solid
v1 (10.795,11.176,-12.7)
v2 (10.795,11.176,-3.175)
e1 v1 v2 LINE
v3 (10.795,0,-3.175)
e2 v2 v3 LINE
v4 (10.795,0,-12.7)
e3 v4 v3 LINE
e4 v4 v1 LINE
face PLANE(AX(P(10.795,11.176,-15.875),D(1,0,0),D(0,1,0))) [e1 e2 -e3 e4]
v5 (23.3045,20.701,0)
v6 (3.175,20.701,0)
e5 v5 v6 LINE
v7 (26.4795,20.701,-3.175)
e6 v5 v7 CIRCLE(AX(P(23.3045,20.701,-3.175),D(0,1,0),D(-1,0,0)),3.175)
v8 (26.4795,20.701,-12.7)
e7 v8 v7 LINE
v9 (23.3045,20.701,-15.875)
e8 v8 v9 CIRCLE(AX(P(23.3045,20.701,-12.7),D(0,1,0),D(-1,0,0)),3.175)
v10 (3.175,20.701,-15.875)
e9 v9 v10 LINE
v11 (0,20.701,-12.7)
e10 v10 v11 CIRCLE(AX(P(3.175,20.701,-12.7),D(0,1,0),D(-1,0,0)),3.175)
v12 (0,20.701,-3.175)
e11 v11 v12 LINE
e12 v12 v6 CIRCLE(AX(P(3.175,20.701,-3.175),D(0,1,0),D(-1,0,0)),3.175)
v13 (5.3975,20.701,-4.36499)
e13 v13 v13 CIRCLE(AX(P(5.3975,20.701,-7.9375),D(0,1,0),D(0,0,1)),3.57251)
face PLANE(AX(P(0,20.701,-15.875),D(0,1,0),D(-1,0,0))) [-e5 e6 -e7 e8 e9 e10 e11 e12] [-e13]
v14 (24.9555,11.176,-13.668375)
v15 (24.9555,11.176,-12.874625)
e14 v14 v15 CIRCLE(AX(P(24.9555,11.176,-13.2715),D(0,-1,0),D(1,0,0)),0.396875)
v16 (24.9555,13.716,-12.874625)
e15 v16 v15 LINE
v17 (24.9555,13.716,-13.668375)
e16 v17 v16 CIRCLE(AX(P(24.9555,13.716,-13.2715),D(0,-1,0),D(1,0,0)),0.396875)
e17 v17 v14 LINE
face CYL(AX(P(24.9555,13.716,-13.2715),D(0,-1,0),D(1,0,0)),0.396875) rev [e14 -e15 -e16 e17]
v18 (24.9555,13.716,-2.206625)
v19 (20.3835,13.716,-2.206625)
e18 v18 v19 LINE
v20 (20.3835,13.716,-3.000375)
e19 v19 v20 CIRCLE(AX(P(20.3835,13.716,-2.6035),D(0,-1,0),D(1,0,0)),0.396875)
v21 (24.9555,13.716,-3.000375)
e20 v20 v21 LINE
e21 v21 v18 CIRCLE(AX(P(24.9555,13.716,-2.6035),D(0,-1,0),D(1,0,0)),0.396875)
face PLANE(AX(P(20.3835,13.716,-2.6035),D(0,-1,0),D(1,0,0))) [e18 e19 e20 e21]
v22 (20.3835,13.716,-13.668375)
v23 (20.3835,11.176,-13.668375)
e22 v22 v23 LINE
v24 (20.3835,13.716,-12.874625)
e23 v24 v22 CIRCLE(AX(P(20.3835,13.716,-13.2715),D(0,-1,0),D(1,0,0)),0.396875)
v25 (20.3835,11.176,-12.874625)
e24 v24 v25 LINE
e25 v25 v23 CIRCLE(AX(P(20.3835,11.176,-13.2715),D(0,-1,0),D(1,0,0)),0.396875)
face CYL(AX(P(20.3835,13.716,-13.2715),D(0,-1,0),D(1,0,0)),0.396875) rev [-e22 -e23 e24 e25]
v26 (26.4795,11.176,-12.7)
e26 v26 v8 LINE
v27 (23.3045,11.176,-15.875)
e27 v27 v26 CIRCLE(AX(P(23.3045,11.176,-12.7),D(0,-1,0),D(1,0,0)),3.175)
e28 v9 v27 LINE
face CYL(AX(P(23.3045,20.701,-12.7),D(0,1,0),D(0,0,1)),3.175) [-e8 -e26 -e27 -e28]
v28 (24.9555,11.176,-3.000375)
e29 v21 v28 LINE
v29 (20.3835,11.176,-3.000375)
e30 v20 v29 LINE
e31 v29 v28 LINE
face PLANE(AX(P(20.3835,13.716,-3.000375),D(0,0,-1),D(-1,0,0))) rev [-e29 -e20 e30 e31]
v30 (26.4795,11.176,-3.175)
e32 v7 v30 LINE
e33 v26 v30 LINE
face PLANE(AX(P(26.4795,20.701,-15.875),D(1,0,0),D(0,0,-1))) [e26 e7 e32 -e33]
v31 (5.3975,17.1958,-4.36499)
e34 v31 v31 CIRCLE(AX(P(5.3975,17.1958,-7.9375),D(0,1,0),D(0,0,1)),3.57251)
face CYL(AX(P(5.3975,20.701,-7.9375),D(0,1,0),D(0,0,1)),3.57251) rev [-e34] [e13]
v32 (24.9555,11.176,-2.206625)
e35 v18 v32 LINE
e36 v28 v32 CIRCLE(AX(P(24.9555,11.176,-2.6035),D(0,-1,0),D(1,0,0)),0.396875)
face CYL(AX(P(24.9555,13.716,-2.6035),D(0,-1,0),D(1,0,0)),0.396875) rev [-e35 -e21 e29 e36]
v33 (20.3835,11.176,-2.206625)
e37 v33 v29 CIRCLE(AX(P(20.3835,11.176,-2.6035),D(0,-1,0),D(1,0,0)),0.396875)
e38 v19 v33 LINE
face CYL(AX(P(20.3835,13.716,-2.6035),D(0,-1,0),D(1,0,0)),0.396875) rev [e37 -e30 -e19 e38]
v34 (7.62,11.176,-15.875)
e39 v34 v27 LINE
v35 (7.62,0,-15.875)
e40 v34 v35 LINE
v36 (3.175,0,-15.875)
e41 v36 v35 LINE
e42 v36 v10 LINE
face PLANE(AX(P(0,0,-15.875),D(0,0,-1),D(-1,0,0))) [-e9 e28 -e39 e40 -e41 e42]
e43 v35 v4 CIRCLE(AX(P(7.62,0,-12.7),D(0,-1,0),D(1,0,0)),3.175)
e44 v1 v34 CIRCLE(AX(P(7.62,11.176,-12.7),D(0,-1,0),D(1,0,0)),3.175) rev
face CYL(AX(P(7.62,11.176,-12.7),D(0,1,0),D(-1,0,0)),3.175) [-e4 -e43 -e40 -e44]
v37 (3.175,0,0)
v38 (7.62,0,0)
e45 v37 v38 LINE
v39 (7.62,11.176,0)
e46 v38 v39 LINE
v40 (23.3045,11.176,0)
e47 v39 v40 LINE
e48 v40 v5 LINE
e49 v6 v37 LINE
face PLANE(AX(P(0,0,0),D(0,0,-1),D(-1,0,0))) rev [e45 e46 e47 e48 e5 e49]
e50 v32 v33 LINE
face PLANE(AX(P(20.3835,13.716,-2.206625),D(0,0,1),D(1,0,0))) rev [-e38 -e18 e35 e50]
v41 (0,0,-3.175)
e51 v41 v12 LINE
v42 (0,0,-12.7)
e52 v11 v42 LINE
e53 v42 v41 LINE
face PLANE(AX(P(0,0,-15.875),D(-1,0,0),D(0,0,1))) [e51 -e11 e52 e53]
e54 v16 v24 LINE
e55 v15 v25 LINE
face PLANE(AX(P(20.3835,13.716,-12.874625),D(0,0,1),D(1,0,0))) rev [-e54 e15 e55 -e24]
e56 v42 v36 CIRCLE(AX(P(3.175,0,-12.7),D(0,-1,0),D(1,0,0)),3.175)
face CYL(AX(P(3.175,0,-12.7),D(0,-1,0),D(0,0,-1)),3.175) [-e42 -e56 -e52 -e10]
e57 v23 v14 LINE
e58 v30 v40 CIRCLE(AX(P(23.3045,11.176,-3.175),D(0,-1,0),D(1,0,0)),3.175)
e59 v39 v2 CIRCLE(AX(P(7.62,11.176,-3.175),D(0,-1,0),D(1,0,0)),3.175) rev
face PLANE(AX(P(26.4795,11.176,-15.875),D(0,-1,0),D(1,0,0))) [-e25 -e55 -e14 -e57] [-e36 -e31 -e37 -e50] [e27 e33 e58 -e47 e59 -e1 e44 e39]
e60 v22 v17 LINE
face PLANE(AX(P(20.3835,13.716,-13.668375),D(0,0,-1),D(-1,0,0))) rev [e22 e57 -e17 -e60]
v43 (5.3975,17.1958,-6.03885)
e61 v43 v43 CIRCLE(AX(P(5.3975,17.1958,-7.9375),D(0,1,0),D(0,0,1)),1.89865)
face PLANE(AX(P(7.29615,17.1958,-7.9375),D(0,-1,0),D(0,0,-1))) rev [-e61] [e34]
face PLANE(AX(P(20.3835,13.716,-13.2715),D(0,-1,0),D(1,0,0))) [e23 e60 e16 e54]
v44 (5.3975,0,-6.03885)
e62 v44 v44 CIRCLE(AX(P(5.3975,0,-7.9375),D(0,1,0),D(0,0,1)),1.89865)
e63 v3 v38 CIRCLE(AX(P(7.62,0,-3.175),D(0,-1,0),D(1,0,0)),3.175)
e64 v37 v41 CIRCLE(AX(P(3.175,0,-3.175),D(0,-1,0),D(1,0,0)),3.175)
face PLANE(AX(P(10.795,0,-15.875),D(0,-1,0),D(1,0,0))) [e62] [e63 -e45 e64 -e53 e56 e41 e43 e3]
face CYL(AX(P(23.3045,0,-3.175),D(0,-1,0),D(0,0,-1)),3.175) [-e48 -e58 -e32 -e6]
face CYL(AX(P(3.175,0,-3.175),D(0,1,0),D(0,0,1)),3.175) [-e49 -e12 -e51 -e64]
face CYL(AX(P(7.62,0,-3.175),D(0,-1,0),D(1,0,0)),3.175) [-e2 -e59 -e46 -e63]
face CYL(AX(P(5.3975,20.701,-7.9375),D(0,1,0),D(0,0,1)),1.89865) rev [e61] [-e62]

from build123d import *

# Parameters (mm, degrees)
BOSS_EXTRUDE1_DEPTH                            = 15.875
CBORE_FOR_6_SOCKET_HEAD_CAP_SCREW1_D           = 3.7973
CBORE_FOR_6_SOCKET_HEAD_CAP_SCREW1_CBORE_D     = 7.14502
CBORE_FOR_6_SOCKET_HEAD_CAP_SCREW1_CBORE_DEPTH = 3.5052
CUT_EXTRUDE2_DEPTH                             = 2.54
FILLET1_R                                      = 3.175


with BuildPart() as part:
    # Sketch1 → Boss-Extrude1 (new body)
    with BuildSketch(Plane.XY):
        Polygon((0, 0), (0, 20.701), (26.4795, 20.701), (26.4795, 11.176), (10.795, 11.176), (10.795, 0), align=None)
    extrude(amount=-BOSS_EXTRUDE1_DEPTH)

    # CBORE for #6 Socket Head Cap Screw1 (through all)
    with Locations(Plane(origin=(0, 20.701, 0), x_dir=(1, 0, 0), z_dir=(0, 1, 0))):
        with Locations((5.3975, 7.9375)):
            CounterBoreHole(CBORE_FOR_6_SOCKET_HEAD_CAP_SCREW1_D / 2, CBORE_FOR_6_SOCKET_HEAD_CAP_SCREW1_CBORE_D / 2, CBORE_FOR_6_SOCKET_HEAD_CAP_SCREW1_CBORE_DEPTH)

    # Sketch5 → Cut-Extrude2 (cut)
    with BuildSketch(Plane.XZ.offset(-11.176)):
        with BuildLine():
            Line((20.3835, -2.206625), (24.9555, -2.206625))
            ThreePointArc((24.9555, -2.206625), (25.352375, -2.6035), (24.9555, -3.000375))
            Line((24.9555, -3.000375), (20.3835, -3.000375))
            ThreePointArc((20.3835, -3.000375), (19.986625, -2.6035), (20.3835, -2.206625))
        make_face()
        with BuildLine():
            Line((20.3835, -12.874625), (24.9555, -12.874625))
            ThreePointArc((24.9555, -12.874625), (25.352375, -13.2715), (24.9555, -13.668375))
            Line((24.9555, -13.668375), (20.3835, -13.668375))
            ThreePointArc((20.3835, -13.668375), (19.986625, -13.2715), (20.3835, -12.874625))
        make_face()
    extrude(amount=-CUT_EXTRUDE2_DEPTH, mode=Mode.SUBTRACT)

    # Fillet1
    fillet1_edges = [part.edges().sort_by_distance(p)[0] for p in [
        (26.4795, 15.9385, -15.875),
        (0, 10.3505, -15.875),
        (0, 10.3505, 0),
        (26.4795, 15.9385, 0),
        (10.795, 5.588, -15.875),
        (10.795, 5.588, 0),
    ]]
    fillet(fillet1_edges, radius=FILLET1_R)


solid = part.part
